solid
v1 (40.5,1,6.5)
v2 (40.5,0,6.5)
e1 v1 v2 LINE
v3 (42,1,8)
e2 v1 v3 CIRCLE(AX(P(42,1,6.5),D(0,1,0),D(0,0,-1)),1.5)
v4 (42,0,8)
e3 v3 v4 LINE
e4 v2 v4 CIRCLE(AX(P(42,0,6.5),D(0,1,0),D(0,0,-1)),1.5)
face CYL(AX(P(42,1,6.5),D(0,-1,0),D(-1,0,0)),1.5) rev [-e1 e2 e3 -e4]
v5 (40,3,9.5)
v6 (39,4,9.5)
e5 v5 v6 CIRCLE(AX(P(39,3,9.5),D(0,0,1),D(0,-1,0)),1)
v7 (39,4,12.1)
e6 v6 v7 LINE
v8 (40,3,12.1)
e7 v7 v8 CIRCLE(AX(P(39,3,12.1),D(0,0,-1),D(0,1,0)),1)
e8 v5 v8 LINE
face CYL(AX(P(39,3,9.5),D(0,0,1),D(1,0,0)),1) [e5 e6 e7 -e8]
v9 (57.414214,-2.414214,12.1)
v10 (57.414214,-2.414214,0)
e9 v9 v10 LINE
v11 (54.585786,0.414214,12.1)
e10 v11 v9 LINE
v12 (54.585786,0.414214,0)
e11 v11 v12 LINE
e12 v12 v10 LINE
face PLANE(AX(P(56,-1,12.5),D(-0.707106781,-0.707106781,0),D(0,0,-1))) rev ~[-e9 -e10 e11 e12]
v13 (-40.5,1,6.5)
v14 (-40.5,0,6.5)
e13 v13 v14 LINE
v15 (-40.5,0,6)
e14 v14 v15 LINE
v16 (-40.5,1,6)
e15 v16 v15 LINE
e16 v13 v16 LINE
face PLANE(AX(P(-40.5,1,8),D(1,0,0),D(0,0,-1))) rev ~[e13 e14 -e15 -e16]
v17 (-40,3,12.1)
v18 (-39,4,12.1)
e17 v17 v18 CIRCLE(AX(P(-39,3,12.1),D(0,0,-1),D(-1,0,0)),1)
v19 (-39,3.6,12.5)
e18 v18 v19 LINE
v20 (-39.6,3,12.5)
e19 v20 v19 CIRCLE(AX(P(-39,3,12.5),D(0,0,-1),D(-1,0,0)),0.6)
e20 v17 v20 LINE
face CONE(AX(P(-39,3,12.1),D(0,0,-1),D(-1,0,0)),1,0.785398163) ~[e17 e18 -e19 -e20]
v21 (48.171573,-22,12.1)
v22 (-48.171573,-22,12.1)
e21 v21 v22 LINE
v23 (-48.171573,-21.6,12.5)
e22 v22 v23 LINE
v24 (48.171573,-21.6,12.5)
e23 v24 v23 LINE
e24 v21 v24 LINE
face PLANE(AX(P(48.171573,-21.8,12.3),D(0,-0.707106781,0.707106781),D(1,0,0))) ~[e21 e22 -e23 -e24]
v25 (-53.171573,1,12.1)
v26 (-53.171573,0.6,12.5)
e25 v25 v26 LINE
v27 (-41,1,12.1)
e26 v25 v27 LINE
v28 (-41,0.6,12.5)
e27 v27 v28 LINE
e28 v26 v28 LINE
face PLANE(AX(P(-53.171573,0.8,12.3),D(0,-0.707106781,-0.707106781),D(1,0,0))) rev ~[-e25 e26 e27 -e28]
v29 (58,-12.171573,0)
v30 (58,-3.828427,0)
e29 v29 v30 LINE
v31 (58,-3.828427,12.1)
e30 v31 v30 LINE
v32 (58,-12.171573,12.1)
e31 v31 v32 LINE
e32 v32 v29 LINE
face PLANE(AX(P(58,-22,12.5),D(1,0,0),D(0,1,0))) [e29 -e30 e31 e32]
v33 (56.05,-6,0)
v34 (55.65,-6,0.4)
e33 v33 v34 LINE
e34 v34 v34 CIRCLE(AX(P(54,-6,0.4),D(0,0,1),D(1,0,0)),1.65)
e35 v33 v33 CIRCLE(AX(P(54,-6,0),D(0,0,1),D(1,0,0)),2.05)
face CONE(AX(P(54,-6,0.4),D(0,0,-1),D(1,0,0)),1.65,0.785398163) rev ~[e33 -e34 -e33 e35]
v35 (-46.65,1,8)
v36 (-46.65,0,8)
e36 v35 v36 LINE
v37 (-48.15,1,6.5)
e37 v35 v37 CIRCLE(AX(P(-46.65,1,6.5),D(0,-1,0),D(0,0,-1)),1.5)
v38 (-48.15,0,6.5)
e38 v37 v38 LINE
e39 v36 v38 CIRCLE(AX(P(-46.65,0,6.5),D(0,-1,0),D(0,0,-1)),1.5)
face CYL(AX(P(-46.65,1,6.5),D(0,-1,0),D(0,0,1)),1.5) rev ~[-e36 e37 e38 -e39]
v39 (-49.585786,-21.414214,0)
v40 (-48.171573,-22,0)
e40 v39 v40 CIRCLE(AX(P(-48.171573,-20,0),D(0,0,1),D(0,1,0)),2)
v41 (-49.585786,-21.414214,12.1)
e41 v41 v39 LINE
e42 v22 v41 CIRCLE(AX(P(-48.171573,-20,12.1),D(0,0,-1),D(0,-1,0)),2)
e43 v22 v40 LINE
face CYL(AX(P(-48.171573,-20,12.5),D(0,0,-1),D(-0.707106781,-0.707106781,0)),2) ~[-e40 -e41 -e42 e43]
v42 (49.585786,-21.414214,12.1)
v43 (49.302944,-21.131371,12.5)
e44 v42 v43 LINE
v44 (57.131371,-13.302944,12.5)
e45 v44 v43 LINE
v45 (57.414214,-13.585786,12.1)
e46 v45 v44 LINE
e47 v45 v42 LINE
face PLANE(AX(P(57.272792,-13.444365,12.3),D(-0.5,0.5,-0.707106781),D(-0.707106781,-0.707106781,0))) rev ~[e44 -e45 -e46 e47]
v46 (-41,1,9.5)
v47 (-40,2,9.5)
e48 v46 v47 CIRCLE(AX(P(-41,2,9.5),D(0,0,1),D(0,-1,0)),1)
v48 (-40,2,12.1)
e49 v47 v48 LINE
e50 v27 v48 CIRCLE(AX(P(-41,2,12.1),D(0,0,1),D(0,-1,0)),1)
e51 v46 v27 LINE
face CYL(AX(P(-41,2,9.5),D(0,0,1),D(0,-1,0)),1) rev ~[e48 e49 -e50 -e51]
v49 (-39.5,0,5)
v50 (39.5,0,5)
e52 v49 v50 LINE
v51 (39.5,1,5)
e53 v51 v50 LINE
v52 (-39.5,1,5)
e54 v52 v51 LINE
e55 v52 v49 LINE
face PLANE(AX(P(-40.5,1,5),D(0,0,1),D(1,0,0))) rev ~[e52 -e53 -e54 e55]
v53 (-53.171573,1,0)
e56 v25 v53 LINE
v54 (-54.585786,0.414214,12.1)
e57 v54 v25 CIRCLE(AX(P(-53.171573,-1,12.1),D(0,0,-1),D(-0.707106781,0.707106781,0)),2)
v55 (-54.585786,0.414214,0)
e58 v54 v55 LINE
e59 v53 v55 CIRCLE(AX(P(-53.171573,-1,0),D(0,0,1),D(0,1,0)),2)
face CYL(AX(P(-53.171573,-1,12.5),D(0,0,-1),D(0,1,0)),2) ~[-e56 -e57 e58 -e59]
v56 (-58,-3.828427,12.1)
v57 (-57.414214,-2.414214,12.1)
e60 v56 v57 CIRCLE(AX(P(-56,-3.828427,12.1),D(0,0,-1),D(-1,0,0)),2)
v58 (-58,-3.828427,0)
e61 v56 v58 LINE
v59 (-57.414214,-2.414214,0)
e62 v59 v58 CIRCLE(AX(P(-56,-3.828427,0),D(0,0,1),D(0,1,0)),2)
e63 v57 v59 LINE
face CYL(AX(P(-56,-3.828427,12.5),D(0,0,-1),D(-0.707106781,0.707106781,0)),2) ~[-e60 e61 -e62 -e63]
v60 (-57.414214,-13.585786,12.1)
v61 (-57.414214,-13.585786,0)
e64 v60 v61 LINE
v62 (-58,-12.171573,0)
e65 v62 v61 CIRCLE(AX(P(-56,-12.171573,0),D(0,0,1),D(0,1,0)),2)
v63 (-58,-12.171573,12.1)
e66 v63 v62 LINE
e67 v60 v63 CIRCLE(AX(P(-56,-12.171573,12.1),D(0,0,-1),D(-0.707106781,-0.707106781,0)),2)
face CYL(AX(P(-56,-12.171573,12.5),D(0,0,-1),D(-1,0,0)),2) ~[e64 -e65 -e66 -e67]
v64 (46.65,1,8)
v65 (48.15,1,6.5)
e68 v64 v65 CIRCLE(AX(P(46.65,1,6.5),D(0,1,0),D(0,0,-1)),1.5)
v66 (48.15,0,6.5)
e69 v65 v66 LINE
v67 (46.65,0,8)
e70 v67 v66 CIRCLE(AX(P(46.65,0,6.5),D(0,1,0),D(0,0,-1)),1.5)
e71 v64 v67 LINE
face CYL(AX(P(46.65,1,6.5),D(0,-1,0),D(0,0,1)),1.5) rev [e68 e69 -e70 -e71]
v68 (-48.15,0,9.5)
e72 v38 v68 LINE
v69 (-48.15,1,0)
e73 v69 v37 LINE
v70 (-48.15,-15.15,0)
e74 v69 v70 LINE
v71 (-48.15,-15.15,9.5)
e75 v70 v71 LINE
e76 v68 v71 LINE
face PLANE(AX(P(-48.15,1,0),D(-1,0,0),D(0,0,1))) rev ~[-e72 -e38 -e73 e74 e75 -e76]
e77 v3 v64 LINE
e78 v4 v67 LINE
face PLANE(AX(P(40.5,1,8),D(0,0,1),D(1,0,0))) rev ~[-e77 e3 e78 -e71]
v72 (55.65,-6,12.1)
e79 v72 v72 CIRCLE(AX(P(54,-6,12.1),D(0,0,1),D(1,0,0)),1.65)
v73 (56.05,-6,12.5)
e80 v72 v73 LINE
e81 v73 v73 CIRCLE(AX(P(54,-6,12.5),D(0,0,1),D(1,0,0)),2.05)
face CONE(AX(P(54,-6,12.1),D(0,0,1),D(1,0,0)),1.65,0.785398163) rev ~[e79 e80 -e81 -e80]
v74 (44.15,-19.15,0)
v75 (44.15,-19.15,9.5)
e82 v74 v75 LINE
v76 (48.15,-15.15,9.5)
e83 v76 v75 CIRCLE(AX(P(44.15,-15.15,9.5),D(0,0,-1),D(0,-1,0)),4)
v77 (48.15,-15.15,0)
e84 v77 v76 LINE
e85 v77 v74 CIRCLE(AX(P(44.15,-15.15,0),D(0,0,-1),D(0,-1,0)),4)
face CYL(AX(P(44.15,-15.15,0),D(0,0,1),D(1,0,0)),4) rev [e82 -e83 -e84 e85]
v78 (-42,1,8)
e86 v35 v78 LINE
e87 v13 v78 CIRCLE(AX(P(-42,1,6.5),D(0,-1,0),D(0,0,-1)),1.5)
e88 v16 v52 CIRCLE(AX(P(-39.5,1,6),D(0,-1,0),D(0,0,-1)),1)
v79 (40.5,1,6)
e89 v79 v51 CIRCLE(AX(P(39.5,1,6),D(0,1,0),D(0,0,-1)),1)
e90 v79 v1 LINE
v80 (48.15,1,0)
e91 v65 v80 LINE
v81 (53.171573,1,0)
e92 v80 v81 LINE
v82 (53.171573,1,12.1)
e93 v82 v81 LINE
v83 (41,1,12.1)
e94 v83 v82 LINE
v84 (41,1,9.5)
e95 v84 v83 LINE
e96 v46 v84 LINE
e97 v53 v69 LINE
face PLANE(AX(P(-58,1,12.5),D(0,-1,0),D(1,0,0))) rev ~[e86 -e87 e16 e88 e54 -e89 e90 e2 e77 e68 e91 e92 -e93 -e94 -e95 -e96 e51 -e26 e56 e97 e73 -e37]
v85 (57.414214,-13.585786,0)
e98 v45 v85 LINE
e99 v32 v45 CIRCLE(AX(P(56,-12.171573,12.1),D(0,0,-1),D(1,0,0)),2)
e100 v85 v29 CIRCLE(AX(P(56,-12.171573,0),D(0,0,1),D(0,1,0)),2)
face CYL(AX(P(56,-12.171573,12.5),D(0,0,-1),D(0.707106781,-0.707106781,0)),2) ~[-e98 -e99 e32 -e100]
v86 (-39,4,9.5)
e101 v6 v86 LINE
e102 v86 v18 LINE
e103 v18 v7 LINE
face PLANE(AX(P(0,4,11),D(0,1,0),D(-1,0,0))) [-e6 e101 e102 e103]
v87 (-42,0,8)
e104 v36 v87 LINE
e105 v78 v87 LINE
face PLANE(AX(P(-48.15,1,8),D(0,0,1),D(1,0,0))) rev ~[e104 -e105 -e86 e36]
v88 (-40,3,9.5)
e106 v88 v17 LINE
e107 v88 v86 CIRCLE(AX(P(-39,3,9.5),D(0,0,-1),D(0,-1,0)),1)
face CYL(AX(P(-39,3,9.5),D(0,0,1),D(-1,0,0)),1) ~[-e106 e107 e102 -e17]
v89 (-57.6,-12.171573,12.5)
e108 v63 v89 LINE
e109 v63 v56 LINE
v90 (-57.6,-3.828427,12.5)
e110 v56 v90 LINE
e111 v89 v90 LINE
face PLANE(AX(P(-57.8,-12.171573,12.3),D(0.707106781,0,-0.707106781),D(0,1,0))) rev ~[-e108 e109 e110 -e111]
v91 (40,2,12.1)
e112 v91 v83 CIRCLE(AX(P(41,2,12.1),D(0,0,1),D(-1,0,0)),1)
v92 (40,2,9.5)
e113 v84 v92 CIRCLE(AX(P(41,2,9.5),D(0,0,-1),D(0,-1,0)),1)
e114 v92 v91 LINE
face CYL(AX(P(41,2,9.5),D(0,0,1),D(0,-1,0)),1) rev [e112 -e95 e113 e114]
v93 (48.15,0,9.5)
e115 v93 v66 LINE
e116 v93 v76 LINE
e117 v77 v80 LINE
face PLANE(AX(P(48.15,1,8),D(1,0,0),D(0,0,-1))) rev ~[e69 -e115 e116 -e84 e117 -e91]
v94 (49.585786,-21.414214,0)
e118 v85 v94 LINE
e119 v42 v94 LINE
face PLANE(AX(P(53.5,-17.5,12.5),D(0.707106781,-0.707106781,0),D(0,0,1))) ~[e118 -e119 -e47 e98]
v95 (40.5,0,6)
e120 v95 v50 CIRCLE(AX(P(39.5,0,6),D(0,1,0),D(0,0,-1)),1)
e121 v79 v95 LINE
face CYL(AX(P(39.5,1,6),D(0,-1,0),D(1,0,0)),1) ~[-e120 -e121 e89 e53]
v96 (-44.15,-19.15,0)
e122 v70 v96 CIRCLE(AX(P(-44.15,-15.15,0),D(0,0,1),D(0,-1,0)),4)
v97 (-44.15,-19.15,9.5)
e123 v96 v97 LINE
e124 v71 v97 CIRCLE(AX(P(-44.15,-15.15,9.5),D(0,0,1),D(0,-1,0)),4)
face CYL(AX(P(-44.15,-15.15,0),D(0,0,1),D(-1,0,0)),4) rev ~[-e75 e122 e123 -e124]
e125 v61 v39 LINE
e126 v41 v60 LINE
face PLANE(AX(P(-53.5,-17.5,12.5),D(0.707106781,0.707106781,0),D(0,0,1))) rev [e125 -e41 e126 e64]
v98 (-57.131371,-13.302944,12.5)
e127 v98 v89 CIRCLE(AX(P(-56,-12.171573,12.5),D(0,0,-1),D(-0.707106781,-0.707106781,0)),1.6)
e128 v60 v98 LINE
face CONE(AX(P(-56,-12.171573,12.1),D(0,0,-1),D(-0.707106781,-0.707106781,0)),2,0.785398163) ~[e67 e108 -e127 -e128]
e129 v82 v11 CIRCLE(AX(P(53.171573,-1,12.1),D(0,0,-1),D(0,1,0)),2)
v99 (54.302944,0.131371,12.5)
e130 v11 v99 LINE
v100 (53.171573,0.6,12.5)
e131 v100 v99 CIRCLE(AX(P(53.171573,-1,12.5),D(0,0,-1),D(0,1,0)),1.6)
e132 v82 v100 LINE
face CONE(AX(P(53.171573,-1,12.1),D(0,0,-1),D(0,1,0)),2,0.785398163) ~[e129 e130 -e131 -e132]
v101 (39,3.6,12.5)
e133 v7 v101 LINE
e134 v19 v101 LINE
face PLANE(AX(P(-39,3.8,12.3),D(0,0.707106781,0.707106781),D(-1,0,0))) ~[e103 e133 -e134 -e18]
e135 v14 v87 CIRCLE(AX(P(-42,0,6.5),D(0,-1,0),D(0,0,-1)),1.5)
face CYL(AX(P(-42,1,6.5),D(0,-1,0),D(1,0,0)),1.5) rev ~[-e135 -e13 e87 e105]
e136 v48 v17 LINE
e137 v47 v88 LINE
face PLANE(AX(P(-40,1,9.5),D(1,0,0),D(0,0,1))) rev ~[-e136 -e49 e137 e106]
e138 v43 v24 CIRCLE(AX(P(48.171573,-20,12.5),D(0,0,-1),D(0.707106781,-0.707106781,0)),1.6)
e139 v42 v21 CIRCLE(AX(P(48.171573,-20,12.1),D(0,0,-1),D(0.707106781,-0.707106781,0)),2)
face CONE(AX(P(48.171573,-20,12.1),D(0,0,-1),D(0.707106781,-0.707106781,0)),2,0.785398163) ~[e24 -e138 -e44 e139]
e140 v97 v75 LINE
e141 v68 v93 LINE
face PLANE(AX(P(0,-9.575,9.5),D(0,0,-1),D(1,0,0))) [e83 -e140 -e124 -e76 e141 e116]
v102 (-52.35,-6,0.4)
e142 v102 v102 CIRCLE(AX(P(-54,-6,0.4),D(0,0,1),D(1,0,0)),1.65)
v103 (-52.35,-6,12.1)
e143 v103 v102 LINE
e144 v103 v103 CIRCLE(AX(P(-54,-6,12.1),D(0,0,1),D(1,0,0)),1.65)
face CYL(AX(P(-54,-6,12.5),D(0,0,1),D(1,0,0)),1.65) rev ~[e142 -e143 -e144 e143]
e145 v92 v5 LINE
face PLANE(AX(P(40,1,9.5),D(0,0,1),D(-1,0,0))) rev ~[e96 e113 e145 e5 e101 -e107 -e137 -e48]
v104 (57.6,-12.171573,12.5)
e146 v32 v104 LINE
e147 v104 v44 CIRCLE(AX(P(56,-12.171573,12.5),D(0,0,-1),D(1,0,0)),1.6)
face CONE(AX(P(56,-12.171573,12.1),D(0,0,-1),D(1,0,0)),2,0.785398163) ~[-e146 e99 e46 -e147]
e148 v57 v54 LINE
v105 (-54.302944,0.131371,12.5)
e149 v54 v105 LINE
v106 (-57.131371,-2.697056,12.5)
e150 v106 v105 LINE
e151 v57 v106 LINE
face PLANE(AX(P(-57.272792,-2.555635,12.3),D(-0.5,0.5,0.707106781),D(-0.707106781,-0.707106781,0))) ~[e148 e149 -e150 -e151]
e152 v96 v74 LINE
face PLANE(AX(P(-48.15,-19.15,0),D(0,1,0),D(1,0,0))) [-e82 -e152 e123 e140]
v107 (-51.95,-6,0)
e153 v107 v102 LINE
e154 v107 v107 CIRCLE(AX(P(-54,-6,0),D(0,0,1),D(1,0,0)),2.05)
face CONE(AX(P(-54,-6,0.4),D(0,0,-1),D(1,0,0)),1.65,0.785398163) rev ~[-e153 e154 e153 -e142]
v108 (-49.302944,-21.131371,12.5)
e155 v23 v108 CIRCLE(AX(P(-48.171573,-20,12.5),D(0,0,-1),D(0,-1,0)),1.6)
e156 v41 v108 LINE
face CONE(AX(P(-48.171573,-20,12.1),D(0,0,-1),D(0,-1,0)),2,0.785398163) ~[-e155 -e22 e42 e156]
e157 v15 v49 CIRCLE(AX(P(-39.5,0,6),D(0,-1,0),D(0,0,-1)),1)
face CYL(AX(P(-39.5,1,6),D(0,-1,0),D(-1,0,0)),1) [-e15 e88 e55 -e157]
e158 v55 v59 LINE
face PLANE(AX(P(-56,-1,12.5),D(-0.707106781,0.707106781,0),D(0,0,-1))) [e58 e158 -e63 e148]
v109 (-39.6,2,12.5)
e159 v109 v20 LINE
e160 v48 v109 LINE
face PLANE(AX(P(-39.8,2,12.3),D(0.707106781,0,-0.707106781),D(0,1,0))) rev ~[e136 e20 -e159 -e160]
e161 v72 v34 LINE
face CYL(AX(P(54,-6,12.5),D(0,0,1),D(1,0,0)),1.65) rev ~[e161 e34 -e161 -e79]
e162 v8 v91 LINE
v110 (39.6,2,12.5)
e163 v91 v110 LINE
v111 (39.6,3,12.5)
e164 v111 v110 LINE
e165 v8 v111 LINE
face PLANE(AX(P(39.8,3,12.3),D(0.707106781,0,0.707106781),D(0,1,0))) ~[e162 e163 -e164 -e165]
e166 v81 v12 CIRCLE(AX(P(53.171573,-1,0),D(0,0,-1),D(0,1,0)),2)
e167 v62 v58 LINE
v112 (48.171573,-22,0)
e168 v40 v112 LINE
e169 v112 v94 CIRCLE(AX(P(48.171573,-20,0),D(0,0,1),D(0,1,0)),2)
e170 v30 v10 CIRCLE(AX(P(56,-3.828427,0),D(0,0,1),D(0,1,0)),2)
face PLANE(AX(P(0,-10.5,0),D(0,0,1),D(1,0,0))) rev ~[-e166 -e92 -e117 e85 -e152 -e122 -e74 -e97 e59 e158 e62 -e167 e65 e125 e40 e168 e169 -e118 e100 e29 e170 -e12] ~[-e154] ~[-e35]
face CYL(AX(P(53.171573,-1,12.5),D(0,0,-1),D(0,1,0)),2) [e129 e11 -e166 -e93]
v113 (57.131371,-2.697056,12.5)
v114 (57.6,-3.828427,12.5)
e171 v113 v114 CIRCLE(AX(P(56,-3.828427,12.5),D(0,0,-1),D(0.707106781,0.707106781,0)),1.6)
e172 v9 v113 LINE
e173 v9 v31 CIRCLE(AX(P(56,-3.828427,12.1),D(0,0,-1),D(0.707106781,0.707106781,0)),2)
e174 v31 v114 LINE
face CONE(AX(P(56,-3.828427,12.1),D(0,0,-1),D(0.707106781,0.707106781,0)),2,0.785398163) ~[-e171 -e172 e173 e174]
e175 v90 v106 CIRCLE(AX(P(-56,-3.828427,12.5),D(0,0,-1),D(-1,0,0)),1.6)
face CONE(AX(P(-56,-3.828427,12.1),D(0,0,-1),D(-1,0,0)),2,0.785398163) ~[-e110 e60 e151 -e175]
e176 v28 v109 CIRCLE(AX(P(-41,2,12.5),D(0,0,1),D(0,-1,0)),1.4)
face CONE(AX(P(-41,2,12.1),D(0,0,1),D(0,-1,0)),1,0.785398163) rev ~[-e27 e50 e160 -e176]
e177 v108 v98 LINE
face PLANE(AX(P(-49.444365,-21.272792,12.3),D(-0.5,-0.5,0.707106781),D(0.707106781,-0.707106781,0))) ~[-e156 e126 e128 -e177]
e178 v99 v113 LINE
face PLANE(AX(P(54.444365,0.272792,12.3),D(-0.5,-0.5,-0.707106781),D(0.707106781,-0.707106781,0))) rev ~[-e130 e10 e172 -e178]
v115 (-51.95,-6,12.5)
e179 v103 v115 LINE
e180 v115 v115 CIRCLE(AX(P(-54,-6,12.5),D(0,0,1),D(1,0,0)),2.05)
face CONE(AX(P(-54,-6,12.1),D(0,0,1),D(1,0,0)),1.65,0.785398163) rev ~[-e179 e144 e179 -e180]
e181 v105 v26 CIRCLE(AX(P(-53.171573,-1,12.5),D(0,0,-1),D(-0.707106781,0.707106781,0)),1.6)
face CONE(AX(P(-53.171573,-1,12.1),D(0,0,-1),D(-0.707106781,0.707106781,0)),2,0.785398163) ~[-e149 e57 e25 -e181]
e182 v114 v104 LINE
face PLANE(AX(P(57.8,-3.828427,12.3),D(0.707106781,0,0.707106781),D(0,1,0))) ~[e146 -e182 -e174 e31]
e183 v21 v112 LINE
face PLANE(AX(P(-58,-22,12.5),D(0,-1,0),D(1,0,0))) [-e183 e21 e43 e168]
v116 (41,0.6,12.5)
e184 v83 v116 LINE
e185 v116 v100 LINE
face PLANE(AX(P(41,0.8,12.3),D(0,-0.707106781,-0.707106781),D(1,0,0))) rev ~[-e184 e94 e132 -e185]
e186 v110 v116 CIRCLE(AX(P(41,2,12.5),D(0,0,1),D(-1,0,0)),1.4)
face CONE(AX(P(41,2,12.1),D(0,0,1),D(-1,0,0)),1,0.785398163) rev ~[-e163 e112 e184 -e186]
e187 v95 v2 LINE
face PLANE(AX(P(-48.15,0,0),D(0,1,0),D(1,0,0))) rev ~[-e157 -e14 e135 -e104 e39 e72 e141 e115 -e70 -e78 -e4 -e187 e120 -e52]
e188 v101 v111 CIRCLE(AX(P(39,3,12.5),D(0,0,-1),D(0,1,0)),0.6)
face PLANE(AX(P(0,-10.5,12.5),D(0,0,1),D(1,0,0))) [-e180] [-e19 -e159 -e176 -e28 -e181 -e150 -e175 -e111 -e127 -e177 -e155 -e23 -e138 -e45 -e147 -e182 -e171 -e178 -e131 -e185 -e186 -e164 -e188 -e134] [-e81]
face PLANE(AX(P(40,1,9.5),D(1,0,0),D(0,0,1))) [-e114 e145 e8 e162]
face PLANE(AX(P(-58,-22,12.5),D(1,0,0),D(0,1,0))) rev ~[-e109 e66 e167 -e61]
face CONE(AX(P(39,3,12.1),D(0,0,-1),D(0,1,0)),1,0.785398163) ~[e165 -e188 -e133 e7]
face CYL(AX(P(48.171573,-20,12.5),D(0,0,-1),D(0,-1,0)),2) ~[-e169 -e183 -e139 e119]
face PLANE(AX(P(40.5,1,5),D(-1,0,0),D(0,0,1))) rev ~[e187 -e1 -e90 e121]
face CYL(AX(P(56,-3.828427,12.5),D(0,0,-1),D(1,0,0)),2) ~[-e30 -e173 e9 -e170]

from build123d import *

# Parameters (mm, degrees)
SKETCH003_W     = 116
SKETCH003_H     = 23
SKETCH003_R     = 1.65
PAD002_DEPTH    = 12.5
SKETCH005_W     = 96.3
SKETCH005_H     = 19.15
POCKET001_DEPTH = 9.5
POCKET002_DEPTH = 5
CHAMFER001_SIZE = 9
FILLET002_R     = 4
CHAMFER002_SIZE = 4
FILLET003_R     = 2
FILLET004_R     = 1
FILLET005_R     = 1.5
SKETCH007_W     = 80
SKETCH007_H     = 3
PAD003_DEPTH    = 3
FILLET006_R     = 1
CHAMFER003_SIZE = 0.4


with BuildPart() as part:
    # Sketch003 → Pad002 (new body)
    with BuildSketch(Plane.XY):
        with Locations((0, -10.5)):
            Rectangle(SKETCH003_W, SKETCH003_H)
        with Locations((-54, -6)):
            Circle(SKETCH003_R, mode=Mode.SUBTRACT)
        with Locations((54, -6)):
            Circle(SKETCH003_R, mode=Mode.SUBTRACT)
    extrude(amount=-PAD002_DEPTH)

    # Sketch005 (on Face8 of Pad002) → Pocket001 (cut)
    with BuildSketch(Plane(origin=(0, 0, -12.5), x_dir=(1, 0, 0), z_dir=(0, 0, -1))):
        with Locations((0, 9.575)):
            Rectangle(SKETCH005_W, SKETCH005_H)
    extrude(amount=-POCKET001_DEPTH, mode=Mode.SUBTRACT)

    # Sketch006 (on Face1 of Pocket001) → Pocket002 (cut)
    with BuildSketch(Plane(origin=(0, 1, 0), x_dir=(-1, 0, 0), z_dir=(0, 1, 0))):
        Polygon((-48.15, -12.5), (48.15, -12.5), (48.15, -4.5), (40.5, -4.5), (40.5, -7.5), (-40.5, -7.5), (-40.5, -4.5), (-48.15, -4.5), align=None)
    extrude(amount=-POCKET002_DEPTH, mode=Mode.SUBTRACT)

    # Chamfer001
    chamfer001_edges = [part.edges().sort_by_distance(p)[0] for p in [
        (58, -22, -6.25),
        (-58, -22, -6.25),
    ]]
    chamfer(chamfer001_edges, length=CHAMFER001_SIZE)

    # Fillet002
    fillet002_edges = [part.edges().sort_by_distance(p)[0] for p in [
        (48.15, -19.15, -7.75),
        (-48.15, -19.15, -7.75),
    ]]
    fillet(fillet002_edges, radius=FILLET002_R)

    # Chamfer002
    chamfer002_edges = [part.edges().sort_by_distance(p)[0] for p in [
        (58, 1, -6.25),
        (-58, 1, -6.25),
    ]]
    chamfer(chamfer002_edges, length=CHAMFER002_SIZE)

    # Fillet003
    fillet003_edges = [part.edges().sort_by_distance(p)[0] for p in [
        (54, 1, -6.25),
        (58, -3, -6.25),
        (58, -13, -6.25),
        (49, -22, -6.25),
        (-49, -22, -6.25),
        (-58, -13, -6.25),
        (-58, -3, -6.25),
        (-54, 1, -6.25),
    ]]
    fillet(fillet003_edges, radius=FILLET003_R)

    # Fillet004
    fillet004_edges = [part.edges().sort_by_distance(p)[0] for p in [
        (-40.5, 0.5, -7.5),
        (40.5, 0.5, -7.5),
    ]]
    fillet(fillet004_edges, radius=FILLET004_R)

    # Fillet005
    fillet005_edges = [part.edges().sort_by_distance(p)[0] for p in [
        (48.15, 0.5, -4.5),
        (40.5, 0.5, -4.5),
        (-48.15, 0.5, -4.5),
        (-40.5, 0.5, -4.5),
    ]]
    fillet(fillet005_edges, radius=FILLET005_R)

    # Sketch007 (on Face1 of Fillet005) → Pad003 (join)
    with BuildSketch(Plane(origin=(0, 1, 0), x_dir=(-1, 0, 0), z_dir=(0, 1, 0))):
        with Locations((0, -1.5)):
            Rectangle(SKETCH007_W, SKETCH007_H)
    extrude(amount=PAD003_DEPTH)

    # Fillet006
    fillet006_edges = [part.edges().sort_by_distance(p)[0] for p in [
        (40, 4, -1.5),
        (40, 1, -1.5),
        (-40, 4, -1.5),
        (-40, 1, -1.5),
    ]]
    fillet(fillet006_edges, radius=FILLET006_R)

    # Chamfer003
    chamfer003_edges = [part.edges().sort_by_distance(p)[0] for p in [
        (47.085786, 1, 0),
        (40.292893, 1.292893, 0),
        (53.93694, 0.847759, 0),
        (40, 2.5, 0),
        (56, -1, 0),
        (39.707107, 3.707107, 0),
        (57.847759, -3.06306, 0),
        (0, 4, 0),
        (58, -8, 0),
        (-39.707107, 3.707107, 0),
        (57.847759, -12.93694, 0),
        (-40, 2.5, 0),
        (53.5, -17.5, 0),
        (-40.292893, 1.292893, 0),
        (48.93694, -21.847759, 0),
        (-47.085786, 1, 0),
        (0, -22, 0),
        (-53.93694, 0.847759, 0),
        (-48.93694, -21.847759, 0),
        (-56, -1, 0),
        (-53.5, -17.5, 0),
        (-57.847759, -3.06306, 0),
        (-57.847759, -12.93694, 0),
        (-58, -8, 0),
        (52.35, -6, 0),
        (-55.65, -6, 0),
        (52.35, -6, -12.5),
        (-55.65, -6, -12.5),
    ]]
    chamfer(chamfer003_edges, length=CHAMFER003_SIZE)


with BuildPart() as part_1:
    # Body001 placement: moved
    add(part.part.moved(Location((0, 0, 12.5))))


solid = part_1.part
